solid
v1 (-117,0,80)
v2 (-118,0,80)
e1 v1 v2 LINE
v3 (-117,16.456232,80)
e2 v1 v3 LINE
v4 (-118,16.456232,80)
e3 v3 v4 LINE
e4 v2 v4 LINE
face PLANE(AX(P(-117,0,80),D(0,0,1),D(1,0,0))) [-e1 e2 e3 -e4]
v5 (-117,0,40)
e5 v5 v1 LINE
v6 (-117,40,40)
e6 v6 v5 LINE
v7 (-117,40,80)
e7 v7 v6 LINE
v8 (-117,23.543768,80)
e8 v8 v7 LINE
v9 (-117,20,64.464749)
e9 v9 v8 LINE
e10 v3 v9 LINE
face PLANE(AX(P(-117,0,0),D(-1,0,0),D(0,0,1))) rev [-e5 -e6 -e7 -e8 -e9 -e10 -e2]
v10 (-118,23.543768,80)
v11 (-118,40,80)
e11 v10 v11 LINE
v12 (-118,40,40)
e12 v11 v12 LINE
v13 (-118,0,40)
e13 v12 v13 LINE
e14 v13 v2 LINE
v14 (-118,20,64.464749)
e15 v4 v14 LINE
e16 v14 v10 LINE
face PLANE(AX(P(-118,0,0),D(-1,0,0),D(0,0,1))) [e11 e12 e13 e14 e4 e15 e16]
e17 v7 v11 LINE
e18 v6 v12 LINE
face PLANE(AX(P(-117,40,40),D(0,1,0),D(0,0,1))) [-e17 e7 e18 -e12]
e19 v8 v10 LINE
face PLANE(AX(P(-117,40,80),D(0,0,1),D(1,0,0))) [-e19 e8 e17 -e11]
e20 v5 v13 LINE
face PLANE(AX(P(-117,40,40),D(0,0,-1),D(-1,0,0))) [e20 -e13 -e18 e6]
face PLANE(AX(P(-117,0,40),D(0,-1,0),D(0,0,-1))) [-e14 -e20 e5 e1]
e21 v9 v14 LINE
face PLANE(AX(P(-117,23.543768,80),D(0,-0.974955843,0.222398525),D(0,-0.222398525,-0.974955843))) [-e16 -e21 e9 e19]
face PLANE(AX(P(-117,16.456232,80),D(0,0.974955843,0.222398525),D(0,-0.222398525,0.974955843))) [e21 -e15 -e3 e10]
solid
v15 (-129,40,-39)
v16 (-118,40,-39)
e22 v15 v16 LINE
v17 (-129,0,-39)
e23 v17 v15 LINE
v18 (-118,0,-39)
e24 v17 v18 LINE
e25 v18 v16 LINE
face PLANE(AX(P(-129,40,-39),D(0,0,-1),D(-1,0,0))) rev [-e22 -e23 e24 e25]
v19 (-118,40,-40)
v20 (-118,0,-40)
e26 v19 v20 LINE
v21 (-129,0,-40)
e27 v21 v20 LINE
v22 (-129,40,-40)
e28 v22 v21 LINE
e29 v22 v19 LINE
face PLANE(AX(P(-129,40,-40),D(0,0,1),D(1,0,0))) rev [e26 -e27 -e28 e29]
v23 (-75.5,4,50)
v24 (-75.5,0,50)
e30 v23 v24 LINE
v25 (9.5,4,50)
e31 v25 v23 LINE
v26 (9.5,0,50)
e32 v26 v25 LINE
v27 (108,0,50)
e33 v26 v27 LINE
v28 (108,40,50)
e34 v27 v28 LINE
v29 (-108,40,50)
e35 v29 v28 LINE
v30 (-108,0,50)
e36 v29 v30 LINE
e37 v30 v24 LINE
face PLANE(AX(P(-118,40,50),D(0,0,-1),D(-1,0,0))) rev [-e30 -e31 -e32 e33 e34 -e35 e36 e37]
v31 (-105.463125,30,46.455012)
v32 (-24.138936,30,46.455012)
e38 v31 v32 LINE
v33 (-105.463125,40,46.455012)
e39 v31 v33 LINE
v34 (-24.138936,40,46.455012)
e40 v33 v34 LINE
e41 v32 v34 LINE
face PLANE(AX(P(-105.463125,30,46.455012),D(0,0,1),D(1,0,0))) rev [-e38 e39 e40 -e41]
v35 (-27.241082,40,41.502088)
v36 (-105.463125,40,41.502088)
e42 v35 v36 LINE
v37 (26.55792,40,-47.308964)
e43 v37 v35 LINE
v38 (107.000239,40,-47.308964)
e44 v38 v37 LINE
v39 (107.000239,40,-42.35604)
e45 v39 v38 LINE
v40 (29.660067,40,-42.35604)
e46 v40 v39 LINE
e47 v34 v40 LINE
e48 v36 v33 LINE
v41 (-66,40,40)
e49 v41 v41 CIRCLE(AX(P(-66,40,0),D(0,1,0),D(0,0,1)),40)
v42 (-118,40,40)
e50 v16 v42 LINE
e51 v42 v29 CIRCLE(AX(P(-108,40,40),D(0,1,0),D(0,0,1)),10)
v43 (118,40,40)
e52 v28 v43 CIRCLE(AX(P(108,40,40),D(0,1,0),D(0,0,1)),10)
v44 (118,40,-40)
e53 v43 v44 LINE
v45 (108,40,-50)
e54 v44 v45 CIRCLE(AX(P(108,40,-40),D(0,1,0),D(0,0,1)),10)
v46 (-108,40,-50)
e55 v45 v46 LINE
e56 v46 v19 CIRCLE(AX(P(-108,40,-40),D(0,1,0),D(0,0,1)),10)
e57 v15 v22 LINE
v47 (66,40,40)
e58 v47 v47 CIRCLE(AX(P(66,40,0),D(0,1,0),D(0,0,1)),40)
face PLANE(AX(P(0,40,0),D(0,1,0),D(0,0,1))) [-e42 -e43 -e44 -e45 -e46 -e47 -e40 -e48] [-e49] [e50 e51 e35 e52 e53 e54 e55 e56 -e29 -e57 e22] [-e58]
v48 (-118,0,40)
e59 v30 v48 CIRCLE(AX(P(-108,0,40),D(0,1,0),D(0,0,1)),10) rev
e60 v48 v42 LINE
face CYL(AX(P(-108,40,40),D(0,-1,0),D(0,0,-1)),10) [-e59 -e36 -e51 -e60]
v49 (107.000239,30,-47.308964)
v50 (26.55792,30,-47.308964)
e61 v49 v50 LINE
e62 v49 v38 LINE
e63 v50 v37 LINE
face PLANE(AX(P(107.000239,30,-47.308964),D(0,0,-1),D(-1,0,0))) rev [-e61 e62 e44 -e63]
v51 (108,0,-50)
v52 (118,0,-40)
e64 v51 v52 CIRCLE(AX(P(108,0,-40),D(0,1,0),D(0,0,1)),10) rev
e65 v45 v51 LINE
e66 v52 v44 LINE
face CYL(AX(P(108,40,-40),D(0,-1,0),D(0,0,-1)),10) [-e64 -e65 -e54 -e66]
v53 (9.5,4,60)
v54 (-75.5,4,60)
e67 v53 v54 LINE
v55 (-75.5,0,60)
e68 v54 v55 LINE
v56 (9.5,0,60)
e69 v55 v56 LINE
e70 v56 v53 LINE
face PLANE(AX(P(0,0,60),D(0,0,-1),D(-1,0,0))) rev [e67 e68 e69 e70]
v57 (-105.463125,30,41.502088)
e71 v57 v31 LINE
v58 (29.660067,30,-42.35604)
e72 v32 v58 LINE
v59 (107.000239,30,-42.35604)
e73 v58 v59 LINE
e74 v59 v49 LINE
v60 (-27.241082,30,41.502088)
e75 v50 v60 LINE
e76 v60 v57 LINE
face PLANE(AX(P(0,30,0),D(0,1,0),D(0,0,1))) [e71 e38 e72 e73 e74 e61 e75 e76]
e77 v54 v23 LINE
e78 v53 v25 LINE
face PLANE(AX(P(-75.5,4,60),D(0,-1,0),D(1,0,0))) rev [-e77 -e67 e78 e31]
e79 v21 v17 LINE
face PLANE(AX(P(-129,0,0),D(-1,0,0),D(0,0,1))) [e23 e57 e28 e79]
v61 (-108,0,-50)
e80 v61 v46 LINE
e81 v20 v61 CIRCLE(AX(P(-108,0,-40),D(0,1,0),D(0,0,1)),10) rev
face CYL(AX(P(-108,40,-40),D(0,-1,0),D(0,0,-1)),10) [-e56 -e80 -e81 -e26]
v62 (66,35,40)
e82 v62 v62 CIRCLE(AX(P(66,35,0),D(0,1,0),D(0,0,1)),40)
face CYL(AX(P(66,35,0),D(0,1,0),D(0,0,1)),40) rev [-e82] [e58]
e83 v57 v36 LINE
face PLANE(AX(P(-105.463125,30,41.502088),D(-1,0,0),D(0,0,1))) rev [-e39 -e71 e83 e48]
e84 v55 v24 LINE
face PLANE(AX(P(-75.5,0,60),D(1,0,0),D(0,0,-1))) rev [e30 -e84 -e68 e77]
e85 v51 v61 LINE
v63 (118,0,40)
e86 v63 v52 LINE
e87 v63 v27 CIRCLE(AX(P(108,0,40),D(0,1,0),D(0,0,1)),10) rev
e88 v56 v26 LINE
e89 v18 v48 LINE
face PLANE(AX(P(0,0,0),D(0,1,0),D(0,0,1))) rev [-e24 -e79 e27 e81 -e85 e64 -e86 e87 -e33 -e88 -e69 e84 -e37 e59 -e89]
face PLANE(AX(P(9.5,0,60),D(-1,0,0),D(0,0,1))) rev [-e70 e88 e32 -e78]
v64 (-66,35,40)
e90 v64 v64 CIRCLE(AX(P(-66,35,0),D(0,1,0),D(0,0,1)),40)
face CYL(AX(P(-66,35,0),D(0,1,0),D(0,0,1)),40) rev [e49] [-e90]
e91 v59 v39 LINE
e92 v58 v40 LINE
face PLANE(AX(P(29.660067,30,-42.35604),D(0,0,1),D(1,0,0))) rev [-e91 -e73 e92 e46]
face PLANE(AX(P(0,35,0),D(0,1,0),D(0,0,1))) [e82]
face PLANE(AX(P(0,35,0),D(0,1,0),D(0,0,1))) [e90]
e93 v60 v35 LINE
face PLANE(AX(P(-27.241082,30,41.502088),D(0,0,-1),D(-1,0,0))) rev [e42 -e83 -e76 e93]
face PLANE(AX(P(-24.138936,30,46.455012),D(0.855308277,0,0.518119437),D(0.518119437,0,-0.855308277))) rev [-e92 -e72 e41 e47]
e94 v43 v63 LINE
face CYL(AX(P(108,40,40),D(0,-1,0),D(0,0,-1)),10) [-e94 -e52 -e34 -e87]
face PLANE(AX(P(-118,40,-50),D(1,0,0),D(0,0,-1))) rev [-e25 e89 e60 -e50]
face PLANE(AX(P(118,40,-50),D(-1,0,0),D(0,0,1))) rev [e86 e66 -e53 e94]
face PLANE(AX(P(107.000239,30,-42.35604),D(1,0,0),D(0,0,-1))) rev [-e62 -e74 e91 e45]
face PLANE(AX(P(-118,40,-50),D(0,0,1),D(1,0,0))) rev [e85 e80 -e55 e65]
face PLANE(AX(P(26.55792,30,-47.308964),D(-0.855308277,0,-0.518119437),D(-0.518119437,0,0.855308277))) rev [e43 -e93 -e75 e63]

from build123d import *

# Parameters (mm, degrees)
SKETCH1_W           = 236
SKETCH1_H           = 100
BOSS_EXTRUDE1_DEPTH = 40
SKETCH2_R           = 40
CUT_EXTRUDE1_DEPTH  = 5
FILLET1_R           = 10
CUT_EXTRUDE2_DEPTH  = 10
SKETCH4_W           = 85
SKETCH4_H           = 4
BOSS_EXTRUDE2_DEPTH = 10
BOSS_EXTRUDE3_DEPTH = 1
SKETCH6_W           = 1
SKETCH6_H           = 40
BOSS_EXTRUDE4_DEPTH = 11


with BuildPart() as part:
    # Sketch1 → Boss-Extrude1 (new body)
    with BuildSketch(Plane(origin=(0, 0, 0), x_dir=(1, 0, 0), z_dir=(0, 1, 0))):
        Rectangle(SKETCH1_W, SKETCH1_H)
    extrude(amount=BOSS_EXTRUDE1_DEPTH)

    # Sketch2 → Cut-Extrude1 (cut)
    with BuildSketch(Plane(origin=(0, 40, 0), x_dir=(1, 0, 0), z_dir=(0, 1, 0))):
        with Locations((-66, 0)):
            Circle(SKETCH2_R)
        with Locations((66, 0)):
            Circle(SKETCH2_R)
    extrude(amount=-CUT_EXTRUDE1_DEPTH, mode=Mode.SUBTRACT)

    # Fillet1
    fillet1_edges = [part.edges().sort_by_distance(p)[0] for p in [
        (118, 20, 50),
        (-118, 20, 50),
        (-118, 20, -50),
        (118, 20, -50),
    ]]
    fillet(fillet1_edges, radius=FILLET1_R)

    # Sketch3 → Cut-Extrude2 (cut)
    with BuildSketch(Plane(origin=(0, 40, 0), x_dir=(1, 0, 0), z_dir=(0, 1, 0))):
        Polygon((-105.463124796, -41.502087977), (-105.463124796, -46.455012056), (-24.138936023, -46.455012056), (29.66006691, 42.356040404), (107.000239166, 42.356040404), (107.000239166, 47.308964484), (26.557920495, 47.308964484), (-27.241082437, -41.502087977), align=None)
    extrude(amount=-CUT_EXTRUDE2_DEPTH, mode=Mode.SUBTRACT)

    # Sketch4 → Boss-Extrude2 (add)
    with BuildSketch(Plane.XY.offset(50)):
        with Locations((-33, 2)):
            Rectangle(SKETCH4_W, SKETCH4_H)
    extrude(amount=BOSS_EXTRUDE2_DEPTH)

    # Sketch6 → Boss-Extrude4 (add)
    with BuildSketch(Plane.ZY.offset(118)):
        with Locations((-39.5, 20)):
            Rectangle(SKETCH6_W, SKETCH6_H)
    extrude(amount=BOSS_EXTRUDE4_DEPTH)


with BuildPart() as body_2:
    # Sketch5 → Boss-Extrude3 (new body)
    with BuildSketch(Plane.ZY.offset(118)):
        Polygon((40, 40), (80, 40), (80, 23.543767562), (64.464749099, 20), (80, 16.456232438), (80, 0), (40, 0), align=None)
    extrude(amount=-BOSS_EXTRUDE3_DEPTH)


solid = Compound([part.part, body_2.part])
